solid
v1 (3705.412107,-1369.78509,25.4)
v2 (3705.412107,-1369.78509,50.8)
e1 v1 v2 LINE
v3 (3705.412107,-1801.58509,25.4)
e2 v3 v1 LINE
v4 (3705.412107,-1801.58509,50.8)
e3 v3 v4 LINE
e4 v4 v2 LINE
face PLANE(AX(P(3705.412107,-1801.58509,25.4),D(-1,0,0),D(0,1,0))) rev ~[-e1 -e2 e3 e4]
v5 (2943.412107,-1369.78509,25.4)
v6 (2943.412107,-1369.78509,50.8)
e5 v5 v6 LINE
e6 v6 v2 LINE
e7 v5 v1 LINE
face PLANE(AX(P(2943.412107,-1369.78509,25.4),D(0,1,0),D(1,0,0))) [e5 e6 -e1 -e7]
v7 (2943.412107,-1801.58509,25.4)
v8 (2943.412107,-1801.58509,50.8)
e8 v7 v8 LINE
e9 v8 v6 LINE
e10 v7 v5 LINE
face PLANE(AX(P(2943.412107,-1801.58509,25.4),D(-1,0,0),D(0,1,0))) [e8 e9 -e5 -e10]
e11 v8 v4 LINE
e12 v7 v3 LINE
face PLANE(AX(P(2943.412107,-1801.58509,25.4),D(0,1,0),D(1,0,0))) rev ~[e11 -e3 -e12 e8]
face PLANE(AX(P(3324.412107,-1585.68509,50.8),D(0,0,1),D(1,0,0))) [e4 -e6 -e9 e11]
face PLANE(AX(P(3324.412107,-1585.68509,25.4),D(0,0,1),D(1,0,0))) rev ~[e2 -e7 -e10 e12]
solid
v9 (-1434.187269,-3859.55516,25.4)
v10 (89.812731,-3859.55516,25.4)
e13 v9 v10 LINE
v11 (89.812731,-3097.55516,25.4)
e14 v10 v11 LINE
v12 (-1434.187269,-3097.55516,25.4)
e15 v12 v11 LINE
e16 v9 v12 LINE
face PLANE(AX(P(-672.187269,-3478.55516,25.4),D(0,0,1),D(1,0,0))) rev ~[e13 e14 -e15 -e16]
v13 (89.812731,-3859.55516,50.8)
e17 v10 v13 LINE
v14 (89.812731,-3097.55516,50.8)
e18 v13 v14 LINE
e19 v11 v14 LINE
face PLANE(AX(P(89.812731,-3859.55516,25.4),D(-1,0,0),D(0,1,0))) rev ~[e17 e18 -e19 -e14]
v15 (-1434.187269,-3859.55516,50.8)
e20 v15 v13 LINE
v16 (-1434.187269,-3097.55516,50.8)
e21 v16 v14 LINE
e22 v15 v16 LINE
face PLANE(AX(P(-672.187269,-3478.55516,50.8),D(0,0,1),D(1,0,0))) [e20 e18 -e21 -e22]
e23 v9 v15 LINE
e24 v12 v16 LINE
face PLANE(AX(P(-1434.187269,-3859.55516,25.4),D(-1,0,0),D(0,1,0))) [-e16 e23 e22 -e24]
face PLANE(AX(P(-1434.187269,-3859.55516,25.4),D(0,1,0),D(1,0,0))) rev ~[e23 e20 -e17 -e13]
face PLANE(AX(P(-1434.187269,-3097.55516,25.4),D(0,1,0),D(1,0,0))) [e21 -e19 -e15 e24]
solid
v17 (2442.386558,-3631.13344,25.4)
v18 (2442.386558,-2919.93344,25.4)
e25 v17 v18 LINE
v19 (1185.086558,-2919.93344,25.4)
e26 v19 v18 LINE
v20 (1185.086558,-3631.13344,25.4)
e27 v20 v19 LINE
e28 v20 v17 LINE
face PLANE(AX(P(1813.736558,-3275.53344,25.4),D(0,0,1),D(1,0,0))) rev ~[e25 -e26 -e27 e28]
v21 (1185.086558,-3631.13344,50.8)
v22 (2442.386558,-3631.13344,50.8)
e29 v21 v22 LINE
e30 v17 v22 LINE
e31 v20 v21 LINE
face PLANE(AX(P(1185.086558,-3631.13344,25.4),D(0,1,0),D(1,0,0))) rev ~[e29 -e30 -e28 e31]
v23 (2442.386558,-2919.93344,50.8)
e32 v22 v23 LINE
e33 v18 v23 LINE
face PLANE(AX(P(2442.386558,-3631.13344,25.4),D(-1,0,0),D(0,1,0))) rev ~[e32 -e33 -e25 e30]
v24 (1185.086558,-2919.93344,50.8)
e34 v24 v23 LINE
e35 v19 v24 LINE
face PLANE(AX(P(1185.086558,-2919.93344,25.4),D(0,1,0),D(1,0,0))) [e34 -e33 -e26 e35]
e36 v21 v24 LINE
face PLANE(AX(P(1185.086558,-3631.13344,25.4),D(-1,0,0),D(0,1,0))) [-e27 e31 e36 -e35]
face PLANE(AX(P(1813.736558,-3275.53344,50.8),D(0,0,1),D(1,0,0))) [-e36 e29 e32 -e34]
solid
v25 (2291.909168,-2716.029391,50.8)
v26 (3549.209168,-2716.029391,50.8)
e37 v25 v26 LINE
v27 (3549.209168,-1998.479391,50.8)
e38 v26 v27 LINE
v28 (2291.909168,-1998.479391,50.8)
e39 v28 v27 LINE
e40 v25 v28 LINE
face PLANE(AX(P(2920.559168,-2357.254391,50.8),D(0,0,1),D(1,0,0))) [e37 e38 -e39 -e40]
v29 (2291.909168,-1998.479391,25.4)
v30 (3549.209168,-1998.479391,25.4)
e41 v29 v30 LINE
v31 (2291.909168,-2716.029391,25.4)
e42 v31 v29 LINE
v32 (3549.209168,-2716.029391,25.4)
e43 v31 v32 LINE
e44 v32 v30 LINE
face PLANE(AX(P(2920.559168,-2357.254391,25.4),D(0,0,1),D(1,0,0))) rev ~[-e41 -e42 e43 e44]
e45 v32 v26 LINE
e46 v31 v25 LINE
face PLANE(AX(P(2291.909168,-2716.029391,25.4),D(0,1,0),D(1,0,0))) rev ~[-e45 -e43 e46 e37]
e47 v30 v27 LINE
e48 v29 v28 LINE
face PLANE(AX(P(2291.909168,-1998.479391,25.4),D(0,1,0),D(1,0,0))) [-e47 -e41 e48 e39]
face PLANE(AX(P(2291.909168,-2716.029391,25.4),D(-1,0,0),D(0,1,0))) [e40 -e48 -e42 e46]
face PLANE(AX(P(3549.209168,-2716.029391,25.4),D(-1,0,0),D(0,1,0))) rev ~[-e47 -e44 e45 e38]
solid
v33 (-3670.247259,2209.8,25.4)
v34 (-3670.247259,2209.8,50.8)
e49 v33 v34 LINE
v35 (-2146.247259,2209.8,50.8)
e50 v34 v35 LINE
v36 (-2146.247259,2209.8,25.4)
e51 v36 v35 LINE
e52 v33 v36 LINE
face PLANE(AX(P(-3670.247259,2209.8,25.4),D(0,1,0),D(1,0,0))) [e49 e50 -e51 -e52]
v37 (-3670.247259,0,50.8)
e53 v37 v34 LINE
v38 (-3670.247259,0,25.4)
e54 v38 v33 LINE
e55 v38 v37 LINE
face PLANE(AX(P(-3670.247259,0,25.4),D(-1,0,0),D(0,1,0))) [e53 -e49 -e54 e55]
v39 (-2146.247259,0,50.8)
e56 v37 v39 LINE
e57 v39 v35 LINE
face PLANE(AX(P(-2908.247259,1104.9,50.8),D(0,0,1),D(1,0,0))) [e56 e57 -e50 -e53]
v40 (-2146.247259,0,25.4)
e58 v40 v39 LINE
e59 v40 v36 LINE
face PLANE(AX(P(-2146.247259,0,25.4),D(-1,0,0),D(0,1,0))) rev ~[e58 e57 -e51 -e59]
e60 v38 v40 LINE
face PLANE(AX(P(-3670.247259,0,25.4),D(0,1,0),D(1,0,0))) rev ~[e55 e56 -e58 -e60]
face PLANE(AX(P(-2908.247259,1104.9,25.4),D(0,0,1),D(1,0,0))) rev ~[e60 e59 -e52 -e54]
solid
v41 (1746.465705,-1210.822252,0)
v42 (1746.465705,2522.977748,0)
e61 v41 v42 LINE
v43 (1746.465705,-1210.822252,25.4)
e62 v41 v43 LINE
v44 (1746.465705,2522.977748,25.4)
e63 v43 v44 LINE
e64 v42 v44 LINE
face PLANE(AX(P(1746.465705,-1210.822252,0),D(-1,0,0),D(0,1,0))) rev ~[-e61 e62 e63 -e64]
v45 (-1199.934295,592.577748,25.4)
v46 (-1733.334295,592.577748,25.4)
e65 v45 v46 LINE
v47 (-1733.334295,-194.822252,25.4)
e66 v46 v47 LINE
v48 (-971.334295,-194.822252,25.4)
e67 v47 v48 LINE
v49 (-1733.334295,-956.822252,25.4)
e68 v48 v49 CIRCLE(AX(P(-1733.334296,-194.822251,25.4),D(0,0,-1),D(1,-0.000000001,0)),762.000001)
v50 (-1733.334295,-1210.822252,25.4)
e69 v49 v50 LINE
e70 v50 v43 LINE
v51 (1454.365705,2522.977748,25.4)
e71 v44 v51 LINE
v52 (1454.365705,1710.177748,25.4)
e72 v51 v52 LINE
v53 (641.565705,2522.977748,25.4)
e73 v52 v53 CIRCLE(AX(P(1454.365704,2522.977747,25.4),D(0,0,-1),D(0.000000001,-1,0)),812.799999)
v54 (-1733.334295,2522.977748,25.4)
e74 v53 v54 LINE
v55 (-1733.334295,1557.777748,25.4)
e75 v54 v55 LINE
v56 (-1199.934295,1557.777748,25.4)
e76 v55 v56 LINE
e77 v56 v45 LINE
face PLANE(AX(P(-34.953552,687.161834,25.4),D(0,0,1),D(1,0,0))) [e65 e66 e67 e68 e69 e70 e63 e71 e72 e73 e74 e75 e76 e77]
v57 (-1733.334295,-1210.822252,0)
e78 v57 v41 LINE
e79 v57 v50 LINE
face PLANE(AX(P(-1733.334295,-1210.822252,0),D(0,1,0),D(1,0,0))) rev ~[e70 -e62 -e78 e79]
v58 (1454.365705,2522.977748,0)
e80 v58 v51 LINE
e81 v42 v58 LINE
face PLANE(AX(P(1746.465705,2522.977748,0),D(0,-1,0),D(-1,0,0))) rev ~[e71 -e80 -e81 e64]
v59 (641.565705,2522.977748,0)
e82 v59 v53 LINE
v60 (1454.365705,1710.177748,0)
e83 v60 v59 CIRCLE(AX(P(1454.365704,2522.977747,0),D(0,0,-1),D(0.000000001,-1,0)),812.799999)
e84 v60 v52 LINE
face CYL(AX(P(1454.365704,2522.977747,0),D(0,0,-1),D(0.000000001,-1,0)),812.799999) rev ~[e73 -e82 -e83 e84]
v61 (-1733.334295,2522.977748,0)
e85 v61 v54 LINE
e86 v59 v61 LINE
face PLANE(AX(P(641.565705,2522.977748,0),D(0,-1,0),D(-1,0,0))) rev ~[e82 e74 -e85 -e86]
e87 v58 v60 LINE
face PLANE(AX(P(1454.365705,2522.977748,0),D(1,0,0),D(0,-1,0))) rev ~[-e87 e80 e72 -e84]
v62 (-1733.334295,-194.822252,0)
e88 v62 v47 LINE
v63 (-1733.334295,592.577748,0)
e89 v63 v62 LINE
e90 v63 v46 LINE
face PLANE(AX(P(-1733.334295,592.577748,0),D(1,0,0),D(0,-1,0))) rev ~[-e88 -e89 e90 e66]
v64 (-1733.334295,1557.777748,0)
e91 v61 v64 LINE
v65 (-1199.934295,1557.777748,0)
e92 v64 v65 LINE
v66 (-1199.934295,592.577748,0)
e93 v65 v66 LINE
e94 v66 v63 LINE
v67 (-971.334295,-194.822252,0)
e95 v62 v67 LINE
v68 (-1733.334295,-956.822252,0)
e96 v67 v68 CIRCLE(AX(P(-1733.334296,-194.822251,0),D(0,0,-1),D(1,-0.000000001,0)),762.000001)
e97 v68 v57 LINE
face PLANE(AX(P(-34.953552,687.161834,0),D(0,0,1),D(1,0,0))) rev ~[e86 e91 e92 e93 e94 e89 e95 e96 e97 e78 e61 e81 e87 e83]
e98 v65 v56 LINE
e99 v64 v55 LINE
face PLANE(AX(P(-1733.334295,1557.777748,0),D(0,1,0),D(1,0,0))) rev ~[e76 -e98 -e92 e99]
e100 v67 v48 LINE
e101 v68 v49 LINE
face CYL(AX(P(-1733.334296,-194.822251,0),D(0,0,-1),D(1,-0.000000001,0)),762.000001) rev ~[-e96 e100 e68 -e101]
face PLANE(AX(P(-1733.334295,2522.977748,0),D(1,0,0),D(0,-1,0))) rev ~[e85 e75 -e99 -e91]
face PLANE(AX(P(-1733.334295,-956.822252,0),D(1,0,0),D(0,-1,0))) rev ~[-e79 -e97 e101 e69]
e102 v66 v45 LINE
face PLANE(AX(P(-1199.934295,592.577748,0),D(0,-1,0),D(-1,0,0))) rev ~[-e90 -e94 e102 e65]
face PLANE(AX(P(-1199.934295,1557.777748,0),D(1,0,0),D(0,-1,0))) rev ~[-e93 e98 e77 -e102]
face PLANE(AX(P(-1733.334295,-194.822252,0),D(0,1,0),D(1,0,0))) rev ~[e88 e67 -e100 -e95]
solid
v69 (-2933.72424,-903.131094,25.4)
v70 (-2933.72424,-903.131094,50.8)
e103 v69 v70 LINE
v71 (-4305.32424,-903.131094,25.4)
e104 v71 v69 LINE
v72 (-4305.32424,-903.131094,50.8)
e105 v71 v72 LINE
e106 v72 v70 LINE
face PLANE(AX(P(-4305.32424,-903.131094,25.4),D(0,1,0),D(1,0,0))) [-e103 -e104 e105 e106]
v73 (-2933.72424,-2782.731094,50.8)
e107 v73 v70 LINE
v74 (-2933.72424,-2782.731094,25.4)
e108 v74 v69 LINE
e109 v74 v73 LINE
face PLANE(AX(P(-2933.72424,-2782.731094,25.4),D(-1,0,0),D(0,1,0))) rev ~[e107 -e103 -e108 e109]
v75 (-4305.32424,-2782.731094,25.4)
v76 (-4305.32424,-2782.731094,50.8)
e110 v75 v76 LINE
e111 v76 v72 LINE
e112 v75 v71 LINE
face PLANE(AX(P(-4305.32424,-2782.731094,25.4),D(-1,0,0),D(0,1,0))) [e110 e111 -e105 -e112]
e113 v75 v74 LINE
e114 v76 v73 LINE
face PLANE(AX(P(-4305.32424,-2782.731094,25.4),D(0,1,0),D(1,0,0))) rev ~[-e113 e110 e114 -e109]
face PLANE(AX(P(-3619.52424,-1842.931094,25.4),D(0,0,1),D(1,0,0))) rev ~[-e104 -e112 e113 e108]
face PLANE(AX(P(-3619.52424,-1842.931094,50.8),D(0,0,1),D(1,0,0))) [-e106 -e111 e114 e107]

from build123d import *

# Parameters (mm, degrees)
F1_DEPTH  = 25.4
F2_W      = 1524
F2_H      = 2209.8
F3_DEPTH  = 25.4
F4_W      = 1371.6
F4_H      = 1879.6
F5_DEPTH  = 25.4
F6_W      = 1524
F6_H      = 762
F7_DEPTH  = 25.4
F8_W      = 1257.3
F8_H      = 711.2
F9_DEPTH  = 25.4
F10_W     = 762
F10_H     = 431.8
F11_DEPTH = 25.4
F12_W     = 1257.3
F12_H     = 717.55
F13_DEPTH = 25.4


with BuildPart() as f1:
    # F0 (on Top) → F1 (new body)
    with BuildSketch(Plane.XY):
        with BuildLine():
            Line((641.565705, 2522.977748), (-1733.334295, 2522.977748))
            Line((-1733.334295, 2522.977748), (-1733.334295, 1557.777748))
            Line((-1733.334295, 1557.777748), (-1199.934295, 1557.777748))
            Line((-1199.934295, 1557.777748), (-1199.934295, 592.577748))
            Line((-1199.934295, 592.577748), (-1733.334295, 592.577748))
            Line((-1733.334295, 592.577748), (-1733.334295, -194.822252))
            Line((-1733.334295, -194.822252), (-971.334295, -194.822252))
            ThreePointArc((-971.334295, -194.822252), (-1194.518928, -733.637619), (-1733.334295, -956.822252))
            Line((-1733.334295, -956.822252), (-1733.334295, -1210.822252))
            Line((-1733.334295, -1210.822252), (1746.465705, -1210.822252))
            Line((1746.465705, -1210.822252), (1746.465705, 2522.977748))
            Line((1746.465705, 2522.977748), (1454.365705, 2522.977748))
            Line((1454.365705, 2522.977748), (1454.365705, 1710.177748))
            ThreePointArc((1454.365705, 1710.177748), (879.629313, 1948.241356), (641.565705, 2522.977748))
        make_face()
    extrude(amount=F1_DEPTH)


with BuildPart() as f3:
    # F2 (on face) → F3 (new body)
    with BuildSketch(Plane.XY.offset(25.4)):
        with Locations((-2908.247259, 1104.9)):
            Rectangle(F2_W, F2_H)
    extrude(amount=F3_DEPTH)


with BuildPart() as f5:
    # F4 (on face) → F5 (new body)
    with BuildSketch(Plane.XY.offset(25.4)):
        with Locations((-3619.52424, -1842.931094)):
            Rectangle(F4_W, F4_H)
    extrude(amount=F5_DEPTH)


with BuildPart() as f7:
    # F6 (on face) → F7 (new body)
    with BuildSketch(Plane.XY.offset(25.4)):
        with Locations((-672.187269, -3478.55516)):
            Rectangle(F6_W, F6_H)
    extrude(amount=F7_DEPTH)


with BuildPart() as f9:
    # F8 (on face) → F9 (new body)
    with BuildSketch(Plane.XY.offset(25.4)):
        with Locations((1813.736558, -3275.53344)):
            Rectangle(F8_W, F8_H)
    extrude(amount=F9_DEPTH)


with BuildPart() as f11:
    # F10 (on face) → F11 (new body)
    with BuildSketch(Plane.XY.offset(25.4)):
        with Locations((3324.412107, -1585.68509)):
            Rectangle(F10_W, F10_H)
    extrude(amount=F11_DEPTH)


with BuildPart() as f13:
    # F12 (on face) → F13 (new body)
    with BuildSketch(Plane.XY.offset(25.4)):
        with Locations((2920.559168, -2357.254391)):
            Rectangle(F12_W, F12_H)
    extrude(amount=F13_DEPTH)


solid = Compound([f1.part, f3.part, f5.part, f7.part, f9.part, f11.part, f13.part])
